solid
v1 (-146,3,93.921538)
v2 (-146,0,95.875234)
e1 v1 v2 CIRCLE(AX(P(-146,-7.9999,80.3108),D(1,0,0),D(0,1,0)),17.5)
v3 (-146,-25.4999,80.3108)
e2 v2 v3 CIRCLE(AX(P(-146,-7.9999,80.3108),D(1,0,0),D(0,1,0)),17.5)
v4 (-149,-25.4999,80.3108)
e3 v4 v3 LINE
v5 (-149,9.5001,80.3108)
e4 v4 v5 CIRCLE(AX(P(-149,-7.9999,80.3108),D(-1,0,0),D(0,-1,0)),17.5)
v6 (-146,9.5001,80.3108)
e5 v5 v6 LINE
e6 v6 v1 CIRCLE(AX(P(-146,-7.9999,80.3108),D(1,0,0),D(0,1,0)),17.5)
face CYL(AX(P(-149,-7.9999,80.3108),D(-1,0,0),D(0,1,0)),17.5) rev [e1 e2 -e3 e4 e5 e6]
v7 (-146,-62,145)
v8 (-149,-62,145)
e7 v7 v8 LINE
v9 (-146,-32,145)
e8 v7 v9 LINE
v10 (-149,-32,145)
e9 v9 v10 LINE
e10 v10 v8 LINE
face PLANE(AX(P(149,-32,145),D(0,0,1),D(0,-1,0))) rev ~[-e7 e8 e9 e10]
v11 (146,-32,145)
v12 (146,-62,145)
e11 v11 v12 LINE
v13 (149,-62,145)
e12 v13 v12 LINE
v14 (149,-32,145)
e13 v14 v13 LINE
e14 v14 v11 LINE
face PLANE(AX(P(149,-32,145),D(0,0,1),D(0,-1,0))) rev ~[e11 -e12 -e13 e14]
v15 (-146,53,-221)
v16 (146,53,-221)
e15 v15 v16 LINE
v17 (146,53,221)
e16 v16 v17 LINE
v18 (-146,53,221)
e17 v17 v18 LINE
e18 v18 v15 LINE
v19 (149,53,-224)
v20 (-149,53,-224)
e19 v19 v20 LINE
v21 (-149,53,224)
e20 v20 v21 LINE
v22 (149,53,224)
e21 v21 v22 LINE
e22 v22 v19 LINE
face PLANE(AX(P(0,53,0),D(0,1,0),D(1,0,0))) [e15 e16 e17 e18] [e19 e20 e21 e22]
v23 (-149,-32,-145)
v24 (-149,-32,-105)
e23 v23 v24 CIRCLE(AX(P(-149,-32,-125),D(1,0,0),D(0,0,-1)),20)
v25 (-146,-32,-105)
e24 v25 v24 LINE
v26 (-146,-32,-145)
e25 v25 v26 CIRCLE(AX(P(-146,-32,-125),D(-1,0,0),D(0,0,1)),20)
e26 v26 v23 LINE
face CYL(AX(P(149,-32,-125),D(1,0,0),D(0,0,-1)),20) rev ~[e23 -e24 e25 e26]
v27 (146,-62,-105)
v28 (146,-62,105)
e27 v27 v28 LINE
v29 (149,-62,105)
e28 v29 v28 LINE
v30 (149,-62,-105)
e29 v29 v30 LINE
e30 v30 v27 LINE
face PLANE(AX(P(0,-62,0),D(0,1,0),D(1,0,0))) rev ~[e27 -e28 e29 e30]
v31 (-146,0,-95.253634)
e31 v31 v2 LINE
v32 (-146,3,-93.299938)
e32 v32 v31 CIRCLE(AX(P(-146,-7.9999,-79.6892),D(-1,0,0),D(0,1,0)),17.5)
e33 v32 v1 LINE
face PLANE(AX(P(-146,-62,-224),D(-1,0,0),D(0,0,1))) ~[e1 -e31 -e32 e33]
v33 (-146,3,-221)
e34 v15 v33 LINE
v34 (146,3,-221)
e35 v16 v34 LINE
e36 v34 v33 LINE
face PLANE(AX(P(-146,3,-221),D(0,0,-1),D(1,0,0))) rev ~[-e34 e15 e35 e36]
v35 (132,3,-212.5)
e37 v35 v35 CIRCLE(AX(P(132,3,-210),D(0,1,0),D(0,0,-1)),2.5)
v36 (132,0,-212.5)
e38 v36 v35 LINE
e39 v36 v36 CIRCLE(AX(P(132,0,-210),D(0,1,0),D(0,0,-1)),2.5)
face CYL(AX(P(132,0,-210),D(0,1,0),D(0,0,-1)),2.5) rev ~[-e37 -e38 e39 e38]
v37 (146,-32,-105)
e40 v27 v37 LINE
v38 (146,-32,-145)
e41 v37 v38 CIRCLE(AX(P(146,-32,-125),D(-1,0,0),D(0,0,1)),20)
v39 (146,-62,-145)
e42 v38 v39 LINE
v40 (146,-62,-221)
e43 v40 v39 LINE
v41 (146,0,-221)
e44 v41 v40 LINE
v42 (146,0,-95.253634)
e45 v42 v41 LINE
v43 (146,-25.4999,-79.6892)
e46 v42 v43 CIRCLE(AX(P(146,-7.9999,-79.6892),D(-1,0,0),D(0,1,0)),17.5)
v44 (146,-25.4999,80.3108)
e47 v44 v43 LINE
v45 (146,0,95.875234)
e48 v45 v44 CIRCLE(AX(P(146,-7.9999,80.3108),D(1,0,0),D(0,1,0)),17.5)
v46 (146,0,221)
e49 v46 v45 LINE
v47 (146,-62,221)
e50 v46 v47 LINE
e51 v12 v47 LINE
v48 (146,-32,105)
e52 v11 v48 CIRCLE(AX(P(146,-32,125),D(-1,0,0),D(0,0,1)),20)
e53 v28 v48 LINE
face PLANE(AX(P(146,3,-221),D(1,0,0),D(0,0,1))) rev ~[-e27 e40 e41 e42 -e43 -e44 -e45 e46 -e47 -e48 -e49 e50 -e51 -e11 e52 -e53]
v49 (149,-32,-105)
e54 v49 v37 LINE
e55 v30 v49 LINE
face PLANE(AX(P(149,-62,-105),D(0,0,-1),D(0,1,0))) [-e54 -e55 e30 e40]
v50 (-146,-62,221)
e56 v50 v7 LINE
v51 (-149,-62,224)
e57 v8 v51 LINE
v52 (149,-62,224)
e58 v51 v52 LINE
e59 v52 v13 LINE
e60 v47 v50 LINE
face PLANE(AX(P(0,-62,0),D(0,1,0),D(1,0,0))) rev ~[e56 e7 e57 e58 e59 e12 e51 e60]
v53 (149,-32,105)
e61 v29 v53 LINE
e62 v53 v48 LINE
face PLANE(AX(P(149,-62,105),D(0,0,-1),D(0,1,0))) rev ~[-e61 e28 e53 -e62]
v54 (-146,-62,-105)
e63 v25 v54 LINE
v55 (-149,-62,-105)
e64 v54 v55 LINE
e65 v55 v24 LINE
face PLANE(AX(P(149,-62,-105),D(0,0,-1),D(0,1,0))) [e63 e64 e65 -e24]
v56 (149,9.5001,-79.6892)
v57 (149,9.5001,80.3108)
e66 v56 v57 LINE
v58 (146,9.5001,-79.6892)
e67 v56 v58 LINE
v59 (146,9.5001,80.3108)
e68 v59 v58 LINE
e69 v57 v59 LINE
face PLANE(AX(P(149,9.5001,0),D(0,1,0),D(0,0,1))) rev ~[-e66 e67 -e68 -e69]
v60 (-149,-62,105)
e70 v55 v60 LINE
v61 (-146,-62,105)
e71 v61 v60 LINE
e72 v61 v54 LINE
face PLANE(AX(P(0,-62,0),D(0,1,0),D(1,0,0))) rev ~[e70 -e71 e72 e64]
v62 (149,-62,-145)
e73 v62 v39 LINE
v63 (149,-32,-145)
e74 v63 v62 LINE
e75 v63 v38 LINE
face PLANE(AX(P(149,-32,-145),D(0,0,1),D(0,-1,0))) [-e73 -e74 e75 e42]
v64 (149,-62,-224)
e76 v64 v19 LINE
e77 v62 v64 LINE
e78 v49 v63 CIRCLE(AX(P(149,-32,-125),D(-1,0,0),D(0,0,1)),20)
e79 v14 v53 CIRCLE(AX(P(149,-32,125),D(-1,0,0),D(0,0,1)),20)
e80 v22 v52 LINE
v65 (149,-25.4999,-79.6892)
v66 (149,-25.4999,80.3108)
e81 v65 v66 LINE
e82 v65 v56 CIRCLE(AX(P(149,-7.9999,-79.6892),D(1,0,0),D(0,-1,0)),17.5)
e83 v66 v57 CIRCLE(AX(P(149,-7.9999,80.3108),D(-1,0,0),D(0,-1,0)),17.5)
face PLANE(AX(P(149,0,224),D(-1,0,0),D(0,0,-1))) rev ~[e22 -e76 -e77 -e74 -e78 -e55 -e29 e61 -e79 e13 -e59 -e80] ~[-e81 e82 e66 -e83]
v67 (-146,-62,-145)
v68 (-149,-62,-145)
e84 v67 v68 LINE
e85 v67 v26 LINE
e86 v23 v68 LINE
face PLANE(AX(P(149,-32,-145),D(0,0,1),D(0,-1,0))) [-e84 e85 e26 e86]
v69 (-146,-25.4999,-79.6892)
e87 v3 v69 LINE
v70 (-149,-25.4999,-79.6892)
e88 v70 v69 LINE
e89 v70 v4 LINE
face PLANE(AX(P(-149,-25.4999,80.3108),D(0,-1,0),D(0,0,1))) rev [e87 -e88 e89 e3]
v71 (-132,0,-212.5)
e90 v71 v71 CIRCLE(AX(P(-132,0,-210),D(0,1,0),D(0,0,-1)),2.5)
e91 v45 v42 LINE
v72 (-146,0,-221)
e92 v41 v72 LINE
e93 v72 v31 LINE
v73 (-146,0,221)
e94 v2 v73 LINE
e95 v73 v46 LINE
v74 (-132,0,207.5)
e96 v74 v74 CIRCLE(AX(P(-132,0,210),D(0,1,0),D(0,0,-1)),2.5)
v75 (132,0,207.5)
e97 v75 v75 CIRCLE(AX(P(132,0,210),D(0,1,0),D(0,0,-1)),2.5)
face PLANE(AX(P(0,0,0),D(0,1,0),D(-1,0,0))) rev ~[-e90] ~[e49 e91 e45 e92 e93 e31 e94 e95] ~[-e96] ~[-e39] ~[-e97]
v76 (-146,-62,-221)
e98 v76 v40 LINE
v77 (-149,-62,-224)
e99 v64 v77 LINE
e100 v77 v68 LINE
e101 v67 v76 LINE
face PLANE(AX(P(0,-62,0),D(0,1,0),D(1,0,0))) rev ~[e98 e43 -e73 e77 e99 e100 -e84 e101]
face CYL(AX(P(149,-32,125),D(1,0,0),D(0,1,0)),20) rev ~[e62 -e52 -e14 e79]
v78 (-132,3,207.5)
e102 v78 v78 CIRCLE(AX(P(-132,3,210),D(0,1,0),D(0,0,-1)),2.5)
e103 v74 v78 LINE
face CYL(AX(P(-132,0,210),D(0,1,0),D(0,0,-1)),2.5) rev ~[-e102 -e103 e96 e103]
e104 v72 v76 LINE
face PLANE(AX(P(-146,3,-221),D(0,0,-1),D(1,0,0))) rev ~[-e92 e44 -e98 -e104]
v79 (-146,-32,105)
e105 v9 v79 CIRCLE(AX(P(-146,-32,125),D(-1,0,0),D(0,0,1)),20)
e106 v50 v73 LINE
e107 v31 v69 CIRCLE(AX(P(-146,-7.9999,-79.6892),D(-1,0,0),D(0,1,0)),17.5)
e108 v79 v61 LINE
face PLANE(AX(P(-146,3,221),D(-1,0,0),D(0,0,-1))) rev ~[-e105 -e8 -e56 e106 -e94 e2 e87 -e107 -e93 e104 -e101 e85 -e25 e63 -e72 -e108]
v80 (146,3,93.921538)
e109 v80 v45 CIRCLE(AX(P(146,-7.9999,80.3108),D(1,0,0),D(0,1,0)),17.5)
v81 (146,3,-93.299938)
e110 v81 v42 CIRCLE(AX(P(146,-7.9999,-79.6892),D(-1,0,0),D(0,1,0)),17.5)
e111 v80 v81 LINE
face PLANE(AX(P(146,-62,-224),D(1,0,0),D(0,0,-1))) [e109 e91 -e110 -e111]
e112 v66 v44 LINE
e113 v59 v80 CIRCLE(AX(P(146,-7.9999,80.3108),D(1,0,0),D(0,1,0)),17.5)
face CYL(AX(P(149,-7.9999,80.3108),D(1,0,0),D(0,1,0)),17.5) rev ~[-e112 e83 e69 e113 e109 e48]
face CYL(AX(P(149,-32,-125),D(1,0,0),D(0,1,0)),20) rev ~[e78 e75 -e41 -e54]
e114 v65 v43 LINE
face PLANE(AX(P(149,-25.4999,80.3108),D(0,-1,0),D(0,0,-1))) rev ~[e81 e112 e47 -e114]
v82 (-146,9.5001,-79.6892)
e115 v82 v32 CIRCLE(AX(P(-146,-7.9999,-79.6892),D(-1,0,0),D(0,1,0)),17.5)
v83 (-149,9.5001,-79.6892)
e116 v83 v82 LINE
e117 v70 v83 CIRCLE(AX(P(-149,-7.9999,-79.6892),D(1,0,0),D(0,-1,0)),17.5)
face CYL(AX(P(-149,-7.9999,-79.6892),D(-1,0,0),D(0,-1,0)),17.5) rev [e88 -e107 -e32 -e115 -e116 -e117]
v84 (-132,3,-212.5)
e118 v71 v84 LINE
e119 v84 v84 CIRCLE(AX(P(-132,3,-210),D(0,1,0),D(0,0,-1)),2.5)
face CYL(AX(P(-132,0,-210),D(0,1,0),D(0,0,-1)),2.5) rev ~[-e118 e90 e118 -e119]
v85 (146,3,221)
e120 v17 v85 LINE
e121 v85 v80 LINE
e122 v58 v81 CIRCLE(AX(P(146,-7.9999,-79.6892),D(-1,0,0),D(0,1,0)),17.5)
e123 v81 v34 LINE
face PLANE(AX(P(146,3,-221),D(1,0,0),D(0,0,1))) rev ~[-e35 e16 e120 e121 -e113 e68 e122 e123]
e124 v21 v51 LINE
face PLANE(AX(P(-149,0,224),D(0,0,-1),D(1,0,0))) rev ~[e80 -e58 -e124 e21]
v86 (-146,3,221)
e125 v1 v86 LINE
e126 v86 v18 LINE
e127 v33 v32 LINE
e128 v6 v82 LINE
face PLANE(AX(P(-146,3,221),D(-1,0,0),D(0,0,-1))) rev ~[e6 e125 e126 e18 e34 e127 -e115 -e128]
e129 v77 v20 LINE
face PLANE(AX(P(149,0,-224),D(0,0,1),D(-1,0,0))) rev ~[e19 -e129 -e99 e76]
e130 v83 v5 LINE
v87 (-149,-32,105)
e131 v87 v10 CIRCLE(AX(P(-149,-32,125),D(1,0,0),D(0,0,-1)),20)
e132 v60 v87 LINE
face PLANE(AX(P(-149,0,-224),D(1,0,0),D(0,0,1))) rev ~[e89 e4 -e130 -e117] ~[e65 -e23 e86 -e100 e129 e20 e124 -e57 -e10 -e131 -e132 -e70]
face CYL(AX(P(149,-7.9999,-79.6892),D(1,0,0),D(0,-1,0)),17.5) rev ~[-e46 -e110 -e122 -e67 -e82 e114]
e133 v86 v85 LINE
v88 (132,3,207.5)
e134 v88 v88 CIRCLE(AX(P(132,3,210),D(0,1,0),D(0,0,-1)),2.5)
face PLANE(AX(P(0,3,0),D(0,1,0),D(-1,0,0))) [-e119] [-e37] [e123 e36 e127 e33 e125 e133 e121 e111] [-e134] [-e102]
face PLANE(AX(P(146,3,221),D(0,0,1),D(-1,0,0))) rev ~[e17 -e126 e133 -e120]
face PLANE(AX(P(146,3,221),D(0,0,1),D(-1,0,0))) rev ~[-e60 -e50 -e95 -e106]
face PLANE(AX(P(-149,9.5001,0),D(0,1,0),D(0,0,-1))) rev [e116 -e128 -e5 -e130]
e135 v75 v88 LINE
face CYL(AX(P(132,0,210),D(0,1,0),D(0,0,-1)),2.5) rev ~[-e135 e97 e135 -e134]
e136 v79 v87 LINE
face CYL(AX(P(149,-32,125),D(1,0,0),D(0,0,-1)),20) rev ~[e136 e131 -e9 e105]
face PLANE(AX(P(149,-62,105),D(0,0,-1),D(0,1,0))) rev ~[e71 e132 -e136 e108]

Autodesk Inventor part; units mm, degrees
ref_plane "YZ Plane" through (0, 0, 0) normal (1, 0, 0) x (0, 1, 0)
ref_plane "XZ Plane" through (0, 0, 0) normal (0, 1, 0) x (-1, 0, 0)
ref_plane "XY Plane" through (0, 0, 0) normal (0, 0, 1) x (1, 0, 0)
sketch "Sketch1" plane through (0, 0, 0) normal (0, 1, 0) x (-1, 0, 0)
  line L0 (-149, -224) -> (149, -224)
  line L1 (149, -224) -> (149, 224)
  line L2 (149, 224) -> (-149, 224)
  line L3 (-149, 224) -> (-149, -224)
  line L4 (-149, -224) -> (149, 224) construction
  line L5 (149, -224) -> (-149, 224) construction
  point P0 (0, 0)
  point P1 (132, 210)
  point P2 (-132, -210)
  point P3 (132, -210)
  point P4 (-132, 210)
  dimension "d0" = 298
  dimension "d1" = 448
extrude "Extrusion1" add sketch "Sketch1" along normal blind 3
sketch "Sketch2" plane through (0, 3, 0) normal (0, 1, 0) x (1, 0, 0)
  line L0 (-149, 224) -> (-149, -224) projected
  line L1 (-149, -224) -> (149, -224) projected
  line L2 (149, -224) -> (149, 224) projected
  line L3 (149, 224) -> (-149, 224) projected
  line L4 (-149, 224) -> (-149, -224) projected
  line L5 (-149, -224) -> (149, -224) projected
  line L6 (149, -224) -> (149, 224) projected
  line L7 (149, 224) -> (-149, 224) projected
  line L8 (-146, -221) -> (-146, 221)
  line L9 (-146, 221) -> (146, 221)
  line L10 (146, 221) -> (146, -221)
  line L11 (146, -221) -> (-146, -221)
  point P0 (0, 0)
  dimension "d4" = 3
extrude "Extrusion2" add sketch "Sketch2" along normal blind 50 and the other way blind 65
hole "Hole1" at (132, 0, -210) at (132, 0, 210) at (-132, 0, 210) at (-132, 0, -210) direction (0, 1, 0) diameter 5 end through all
sketch "Sketch3" plane through (149, -62, -224) normal (1, 0, 0) x (0, 0, -1)
  line L0 (0, 0) -> (0, 115) projected
  line L1 (-448, 115) -> (0, 115) projected
  line L2 (-448, 0) -> (-448, 115) projected
  line L3 (0, 0) -> (-448, 0) projected
  point P0 (-224, 62)
sketch "Sketch4" plane through (149, -62, -224) normal (1, 0, 0) x (0, 0, -1)
  line L0 (0, 0) -> (0, 115) projected
  line L1 (-448, 115) -> (0, 115) projected
  line L2 (-448, 0) -> (-448, 115) projected
  line L3 (0, 0) -> (-448, 0) projected
  point P0 (-224, 62)
sketch "Sketch5" plane through (149, -62, -224) normal (1, 0, 0) x (0, 0, -1)
  line L0 (0, 0) -> (0, 115) projected
  line L1 (-448, 115) -> (0, 115) projected
  line L2 (-448, 0) -> (-448, 115) projected
  line L3 (0, 0) -> (-448, 0) projected
  line L4 (0, 0) -> (-448, 0) projected
  point P0 (-224, 62)
  point P1 (-224, 62)
  point P2 (-99, 25)
  dimension "d16" = 99
  dimension "d17" = 25
sketch "Sketch6" plane through (149, -62, -224) normal (1, 0, 0) x (0, 0, -1)
  line L0 (0, 0) -> (-448, 0) projected
  line L1 (-445, 115) -> (-3, 115) projected
  line L2 (-224, 115) -> (-224, 0)
  line L3 (-79, 0) -> (-119, 0)
  line L4 (-119, 0) -> (-119, 30)
  line L5 (-99, 50) -> (-99, 50)
  line L6 (-79, 30) -> (-79, 0)
  line L7 (-79, 0) -> (-119, 50) construction
  line L8 (-119, 0) -> (-79, 50) construction
  line L9 (-448, 0) -> (-448, 115) projected
  arc A0 (-99, 50) -> (-119, 30) centre (-99, 30) ccw
  arc A1 (-79, 30) -> (-99, 50) centre (-99, 30) ccw
  line L10 (-329, 0) -> (-329, 30)
  line L11 (-369, 30) -> (-369, 0)
  line L12 (-369, 0) -> (-329, 50) construction
  line L13 (-329, 0) -> (-369, 50) construction
  arc A2 (-329, 30) -> (-349, 50) centre (-349, 30) ccw
  arc A3 (-349, 50) -> (-369, 30) centre (-349, 30) ccw
  line L14 (-304.3108, 54.0001) -> (-144.3108, 54.0001) construction
  line L15 (-445, 62) -> (-3, 62) projected
  line L16 (-304.3108, 36.5001) -> (-144.3108, 36.5001)
  line L17 (-144.3108, 71.5001) -> (-304.3108, 71.5001)
  arc A4 (-304.3108, 71.5001) -> (-304.3108, 36.5001) centre (-304.3108, 54.0001) ccw
  arc A5 (-144.3108, 36.5001) -> (-144.3108, 71.5001) centre (-144.3108, 54.0001) ccw
  point P0 (-224, 62)
  point P1 (-99, 25)
  point P2 (-99, 25)
  point P3 (-99, 25)
  point P4 (-119, 0)
  point P5 (-79, 0)
  point P6 (-349, 25)
  point P7 (-349, 25)
  point P8 (-99, 50)
  point P9 (-349, 50)
  point P10 (-329, 0)
  point P11 (-224.3108, 54.0001)
  point P12 (-304.3108, 54.0001)
  dimension "d18" = 40
  dimension "d19" = 50
  dimension "d26" = 20
  dimension "d27" = 20
  dimension "d28" = 99
  dimension "d29" = 25
  dimension "d32" = 35
extrude "Extrusion3" cut sketch "Sketch6" against normal through all contours L0 L4 A0 A1 L6
extrude "Extrusion4" cut sketch "Sketch6" against normal through all contours L0 L11 A3 A2 L10
extrude "Extrusion5" cut sketch "Sketch6" against normal blind 3 contours L16 A4 L15 L2 | L2 L15 A5 L16 | L15 A4 L17 L2 | L2 L17 A5 L15
sketch "Sketch7" plane through (149, -62, -224) normal (1, 0, 0) x (0, 0, -1)
  arc A0 (-144.3108, 36.5001) -> (-144.3108, 71.5001) centre (-144.3108, 54.0001) ccw projected
  line L0 (-144.3108, 36.5001) -> (-304.3108, 36.5001) projected
  arc A1 (-304.3108, 71.5001) -> (-304.3108, 36.5001) centre (-304.3108, 54.0001) ccw projected
  line L1 (-304.3108, 71.5001) -> (-144.3108, 71.5001) projected
  line L2 (-369, 0) -> (-369, 30) projected
  arc A2 (-329, 30) -> (-369, 30) centre (-349, 30) ccw projected
  line L3 (-329, 30) -> (-329, 0) projected
  line L4 (-119, 0) -> (-329, 0) projected
  line L5 (-119, 0) -> (-119, 30) projected
  arc A3 (-79, 30) -> (-119, 30) centre (-99, 30) ccw projected
  line L6 (-79, 30) -> (-79, 0) projected
  line L7 (0, 0) -> (-79, 0) projected
  line L8 (0, 0) -> (0, 115) projected
  line L9 (-448, 115) -> (0, 115) projected
  line L10 (-448, 0) -> (-448, 115) projected
  line L11 (-369, 0) -> (-448, 0) projected
  point P0 (-224, 62)
ref_plane "Work Plane2" through (0, -62, -224) normal (1, 0, 0) x (0, 0, -1)
sketch "Sketch8" plane through (149, -62, -224) normal (1, 0, 0) x (0, 0, -1)
  arc A0 (-144.3108, 36.5001) -> (-144.3108, 71.5001) centre (-144.3108, 54.0001) ccw projected
  line L0 (-144.3108, 36.5001) -> (-304.3108, 36.5001) projected
  arc A1 (-304.3108, 71.5001) -> (-304.3108, 36.5001) centre (-304.3108, 54.0001) ccw projected
  line L1 (-304.3108, 71.5001) -> (-144.3108, 71.5001) projected
  line L2 (-369, 0) -> (-369, 30) projected
  arc A2 (-329, 30) -> (-369, 30) centre (-349, 30) ccw projected
  line L3 (-329, 30) -> (-329, 0) projected
  line L4 (-119, 0) -> (-329, 0) projected
  line L5 (-119, 0) -> (-119, 30) projected
  arc A3 (-79, 30) -> (-119, 30) centre (-99, 30) ccw projected
  line L6 (-79, 30) -> (-79, 0) projected
  line L7 (0, 0) -> (-79, 0) projected
  line L8 (0, 0) -> (0, 115) projected
  line L9 (-448, 115) -> (0, 115) projected
  line L10 (-448, 0) -> (-448, 115) projected
  line L11 (-369, 0) -> (-448, 0) projected
  point P0 (-224, 62)
mirror "Mirror1" about plane through (0, -62, -224) normal (1, 0, 0) of "Extrusion5"
properties part number "AMR_Top_Basket"
